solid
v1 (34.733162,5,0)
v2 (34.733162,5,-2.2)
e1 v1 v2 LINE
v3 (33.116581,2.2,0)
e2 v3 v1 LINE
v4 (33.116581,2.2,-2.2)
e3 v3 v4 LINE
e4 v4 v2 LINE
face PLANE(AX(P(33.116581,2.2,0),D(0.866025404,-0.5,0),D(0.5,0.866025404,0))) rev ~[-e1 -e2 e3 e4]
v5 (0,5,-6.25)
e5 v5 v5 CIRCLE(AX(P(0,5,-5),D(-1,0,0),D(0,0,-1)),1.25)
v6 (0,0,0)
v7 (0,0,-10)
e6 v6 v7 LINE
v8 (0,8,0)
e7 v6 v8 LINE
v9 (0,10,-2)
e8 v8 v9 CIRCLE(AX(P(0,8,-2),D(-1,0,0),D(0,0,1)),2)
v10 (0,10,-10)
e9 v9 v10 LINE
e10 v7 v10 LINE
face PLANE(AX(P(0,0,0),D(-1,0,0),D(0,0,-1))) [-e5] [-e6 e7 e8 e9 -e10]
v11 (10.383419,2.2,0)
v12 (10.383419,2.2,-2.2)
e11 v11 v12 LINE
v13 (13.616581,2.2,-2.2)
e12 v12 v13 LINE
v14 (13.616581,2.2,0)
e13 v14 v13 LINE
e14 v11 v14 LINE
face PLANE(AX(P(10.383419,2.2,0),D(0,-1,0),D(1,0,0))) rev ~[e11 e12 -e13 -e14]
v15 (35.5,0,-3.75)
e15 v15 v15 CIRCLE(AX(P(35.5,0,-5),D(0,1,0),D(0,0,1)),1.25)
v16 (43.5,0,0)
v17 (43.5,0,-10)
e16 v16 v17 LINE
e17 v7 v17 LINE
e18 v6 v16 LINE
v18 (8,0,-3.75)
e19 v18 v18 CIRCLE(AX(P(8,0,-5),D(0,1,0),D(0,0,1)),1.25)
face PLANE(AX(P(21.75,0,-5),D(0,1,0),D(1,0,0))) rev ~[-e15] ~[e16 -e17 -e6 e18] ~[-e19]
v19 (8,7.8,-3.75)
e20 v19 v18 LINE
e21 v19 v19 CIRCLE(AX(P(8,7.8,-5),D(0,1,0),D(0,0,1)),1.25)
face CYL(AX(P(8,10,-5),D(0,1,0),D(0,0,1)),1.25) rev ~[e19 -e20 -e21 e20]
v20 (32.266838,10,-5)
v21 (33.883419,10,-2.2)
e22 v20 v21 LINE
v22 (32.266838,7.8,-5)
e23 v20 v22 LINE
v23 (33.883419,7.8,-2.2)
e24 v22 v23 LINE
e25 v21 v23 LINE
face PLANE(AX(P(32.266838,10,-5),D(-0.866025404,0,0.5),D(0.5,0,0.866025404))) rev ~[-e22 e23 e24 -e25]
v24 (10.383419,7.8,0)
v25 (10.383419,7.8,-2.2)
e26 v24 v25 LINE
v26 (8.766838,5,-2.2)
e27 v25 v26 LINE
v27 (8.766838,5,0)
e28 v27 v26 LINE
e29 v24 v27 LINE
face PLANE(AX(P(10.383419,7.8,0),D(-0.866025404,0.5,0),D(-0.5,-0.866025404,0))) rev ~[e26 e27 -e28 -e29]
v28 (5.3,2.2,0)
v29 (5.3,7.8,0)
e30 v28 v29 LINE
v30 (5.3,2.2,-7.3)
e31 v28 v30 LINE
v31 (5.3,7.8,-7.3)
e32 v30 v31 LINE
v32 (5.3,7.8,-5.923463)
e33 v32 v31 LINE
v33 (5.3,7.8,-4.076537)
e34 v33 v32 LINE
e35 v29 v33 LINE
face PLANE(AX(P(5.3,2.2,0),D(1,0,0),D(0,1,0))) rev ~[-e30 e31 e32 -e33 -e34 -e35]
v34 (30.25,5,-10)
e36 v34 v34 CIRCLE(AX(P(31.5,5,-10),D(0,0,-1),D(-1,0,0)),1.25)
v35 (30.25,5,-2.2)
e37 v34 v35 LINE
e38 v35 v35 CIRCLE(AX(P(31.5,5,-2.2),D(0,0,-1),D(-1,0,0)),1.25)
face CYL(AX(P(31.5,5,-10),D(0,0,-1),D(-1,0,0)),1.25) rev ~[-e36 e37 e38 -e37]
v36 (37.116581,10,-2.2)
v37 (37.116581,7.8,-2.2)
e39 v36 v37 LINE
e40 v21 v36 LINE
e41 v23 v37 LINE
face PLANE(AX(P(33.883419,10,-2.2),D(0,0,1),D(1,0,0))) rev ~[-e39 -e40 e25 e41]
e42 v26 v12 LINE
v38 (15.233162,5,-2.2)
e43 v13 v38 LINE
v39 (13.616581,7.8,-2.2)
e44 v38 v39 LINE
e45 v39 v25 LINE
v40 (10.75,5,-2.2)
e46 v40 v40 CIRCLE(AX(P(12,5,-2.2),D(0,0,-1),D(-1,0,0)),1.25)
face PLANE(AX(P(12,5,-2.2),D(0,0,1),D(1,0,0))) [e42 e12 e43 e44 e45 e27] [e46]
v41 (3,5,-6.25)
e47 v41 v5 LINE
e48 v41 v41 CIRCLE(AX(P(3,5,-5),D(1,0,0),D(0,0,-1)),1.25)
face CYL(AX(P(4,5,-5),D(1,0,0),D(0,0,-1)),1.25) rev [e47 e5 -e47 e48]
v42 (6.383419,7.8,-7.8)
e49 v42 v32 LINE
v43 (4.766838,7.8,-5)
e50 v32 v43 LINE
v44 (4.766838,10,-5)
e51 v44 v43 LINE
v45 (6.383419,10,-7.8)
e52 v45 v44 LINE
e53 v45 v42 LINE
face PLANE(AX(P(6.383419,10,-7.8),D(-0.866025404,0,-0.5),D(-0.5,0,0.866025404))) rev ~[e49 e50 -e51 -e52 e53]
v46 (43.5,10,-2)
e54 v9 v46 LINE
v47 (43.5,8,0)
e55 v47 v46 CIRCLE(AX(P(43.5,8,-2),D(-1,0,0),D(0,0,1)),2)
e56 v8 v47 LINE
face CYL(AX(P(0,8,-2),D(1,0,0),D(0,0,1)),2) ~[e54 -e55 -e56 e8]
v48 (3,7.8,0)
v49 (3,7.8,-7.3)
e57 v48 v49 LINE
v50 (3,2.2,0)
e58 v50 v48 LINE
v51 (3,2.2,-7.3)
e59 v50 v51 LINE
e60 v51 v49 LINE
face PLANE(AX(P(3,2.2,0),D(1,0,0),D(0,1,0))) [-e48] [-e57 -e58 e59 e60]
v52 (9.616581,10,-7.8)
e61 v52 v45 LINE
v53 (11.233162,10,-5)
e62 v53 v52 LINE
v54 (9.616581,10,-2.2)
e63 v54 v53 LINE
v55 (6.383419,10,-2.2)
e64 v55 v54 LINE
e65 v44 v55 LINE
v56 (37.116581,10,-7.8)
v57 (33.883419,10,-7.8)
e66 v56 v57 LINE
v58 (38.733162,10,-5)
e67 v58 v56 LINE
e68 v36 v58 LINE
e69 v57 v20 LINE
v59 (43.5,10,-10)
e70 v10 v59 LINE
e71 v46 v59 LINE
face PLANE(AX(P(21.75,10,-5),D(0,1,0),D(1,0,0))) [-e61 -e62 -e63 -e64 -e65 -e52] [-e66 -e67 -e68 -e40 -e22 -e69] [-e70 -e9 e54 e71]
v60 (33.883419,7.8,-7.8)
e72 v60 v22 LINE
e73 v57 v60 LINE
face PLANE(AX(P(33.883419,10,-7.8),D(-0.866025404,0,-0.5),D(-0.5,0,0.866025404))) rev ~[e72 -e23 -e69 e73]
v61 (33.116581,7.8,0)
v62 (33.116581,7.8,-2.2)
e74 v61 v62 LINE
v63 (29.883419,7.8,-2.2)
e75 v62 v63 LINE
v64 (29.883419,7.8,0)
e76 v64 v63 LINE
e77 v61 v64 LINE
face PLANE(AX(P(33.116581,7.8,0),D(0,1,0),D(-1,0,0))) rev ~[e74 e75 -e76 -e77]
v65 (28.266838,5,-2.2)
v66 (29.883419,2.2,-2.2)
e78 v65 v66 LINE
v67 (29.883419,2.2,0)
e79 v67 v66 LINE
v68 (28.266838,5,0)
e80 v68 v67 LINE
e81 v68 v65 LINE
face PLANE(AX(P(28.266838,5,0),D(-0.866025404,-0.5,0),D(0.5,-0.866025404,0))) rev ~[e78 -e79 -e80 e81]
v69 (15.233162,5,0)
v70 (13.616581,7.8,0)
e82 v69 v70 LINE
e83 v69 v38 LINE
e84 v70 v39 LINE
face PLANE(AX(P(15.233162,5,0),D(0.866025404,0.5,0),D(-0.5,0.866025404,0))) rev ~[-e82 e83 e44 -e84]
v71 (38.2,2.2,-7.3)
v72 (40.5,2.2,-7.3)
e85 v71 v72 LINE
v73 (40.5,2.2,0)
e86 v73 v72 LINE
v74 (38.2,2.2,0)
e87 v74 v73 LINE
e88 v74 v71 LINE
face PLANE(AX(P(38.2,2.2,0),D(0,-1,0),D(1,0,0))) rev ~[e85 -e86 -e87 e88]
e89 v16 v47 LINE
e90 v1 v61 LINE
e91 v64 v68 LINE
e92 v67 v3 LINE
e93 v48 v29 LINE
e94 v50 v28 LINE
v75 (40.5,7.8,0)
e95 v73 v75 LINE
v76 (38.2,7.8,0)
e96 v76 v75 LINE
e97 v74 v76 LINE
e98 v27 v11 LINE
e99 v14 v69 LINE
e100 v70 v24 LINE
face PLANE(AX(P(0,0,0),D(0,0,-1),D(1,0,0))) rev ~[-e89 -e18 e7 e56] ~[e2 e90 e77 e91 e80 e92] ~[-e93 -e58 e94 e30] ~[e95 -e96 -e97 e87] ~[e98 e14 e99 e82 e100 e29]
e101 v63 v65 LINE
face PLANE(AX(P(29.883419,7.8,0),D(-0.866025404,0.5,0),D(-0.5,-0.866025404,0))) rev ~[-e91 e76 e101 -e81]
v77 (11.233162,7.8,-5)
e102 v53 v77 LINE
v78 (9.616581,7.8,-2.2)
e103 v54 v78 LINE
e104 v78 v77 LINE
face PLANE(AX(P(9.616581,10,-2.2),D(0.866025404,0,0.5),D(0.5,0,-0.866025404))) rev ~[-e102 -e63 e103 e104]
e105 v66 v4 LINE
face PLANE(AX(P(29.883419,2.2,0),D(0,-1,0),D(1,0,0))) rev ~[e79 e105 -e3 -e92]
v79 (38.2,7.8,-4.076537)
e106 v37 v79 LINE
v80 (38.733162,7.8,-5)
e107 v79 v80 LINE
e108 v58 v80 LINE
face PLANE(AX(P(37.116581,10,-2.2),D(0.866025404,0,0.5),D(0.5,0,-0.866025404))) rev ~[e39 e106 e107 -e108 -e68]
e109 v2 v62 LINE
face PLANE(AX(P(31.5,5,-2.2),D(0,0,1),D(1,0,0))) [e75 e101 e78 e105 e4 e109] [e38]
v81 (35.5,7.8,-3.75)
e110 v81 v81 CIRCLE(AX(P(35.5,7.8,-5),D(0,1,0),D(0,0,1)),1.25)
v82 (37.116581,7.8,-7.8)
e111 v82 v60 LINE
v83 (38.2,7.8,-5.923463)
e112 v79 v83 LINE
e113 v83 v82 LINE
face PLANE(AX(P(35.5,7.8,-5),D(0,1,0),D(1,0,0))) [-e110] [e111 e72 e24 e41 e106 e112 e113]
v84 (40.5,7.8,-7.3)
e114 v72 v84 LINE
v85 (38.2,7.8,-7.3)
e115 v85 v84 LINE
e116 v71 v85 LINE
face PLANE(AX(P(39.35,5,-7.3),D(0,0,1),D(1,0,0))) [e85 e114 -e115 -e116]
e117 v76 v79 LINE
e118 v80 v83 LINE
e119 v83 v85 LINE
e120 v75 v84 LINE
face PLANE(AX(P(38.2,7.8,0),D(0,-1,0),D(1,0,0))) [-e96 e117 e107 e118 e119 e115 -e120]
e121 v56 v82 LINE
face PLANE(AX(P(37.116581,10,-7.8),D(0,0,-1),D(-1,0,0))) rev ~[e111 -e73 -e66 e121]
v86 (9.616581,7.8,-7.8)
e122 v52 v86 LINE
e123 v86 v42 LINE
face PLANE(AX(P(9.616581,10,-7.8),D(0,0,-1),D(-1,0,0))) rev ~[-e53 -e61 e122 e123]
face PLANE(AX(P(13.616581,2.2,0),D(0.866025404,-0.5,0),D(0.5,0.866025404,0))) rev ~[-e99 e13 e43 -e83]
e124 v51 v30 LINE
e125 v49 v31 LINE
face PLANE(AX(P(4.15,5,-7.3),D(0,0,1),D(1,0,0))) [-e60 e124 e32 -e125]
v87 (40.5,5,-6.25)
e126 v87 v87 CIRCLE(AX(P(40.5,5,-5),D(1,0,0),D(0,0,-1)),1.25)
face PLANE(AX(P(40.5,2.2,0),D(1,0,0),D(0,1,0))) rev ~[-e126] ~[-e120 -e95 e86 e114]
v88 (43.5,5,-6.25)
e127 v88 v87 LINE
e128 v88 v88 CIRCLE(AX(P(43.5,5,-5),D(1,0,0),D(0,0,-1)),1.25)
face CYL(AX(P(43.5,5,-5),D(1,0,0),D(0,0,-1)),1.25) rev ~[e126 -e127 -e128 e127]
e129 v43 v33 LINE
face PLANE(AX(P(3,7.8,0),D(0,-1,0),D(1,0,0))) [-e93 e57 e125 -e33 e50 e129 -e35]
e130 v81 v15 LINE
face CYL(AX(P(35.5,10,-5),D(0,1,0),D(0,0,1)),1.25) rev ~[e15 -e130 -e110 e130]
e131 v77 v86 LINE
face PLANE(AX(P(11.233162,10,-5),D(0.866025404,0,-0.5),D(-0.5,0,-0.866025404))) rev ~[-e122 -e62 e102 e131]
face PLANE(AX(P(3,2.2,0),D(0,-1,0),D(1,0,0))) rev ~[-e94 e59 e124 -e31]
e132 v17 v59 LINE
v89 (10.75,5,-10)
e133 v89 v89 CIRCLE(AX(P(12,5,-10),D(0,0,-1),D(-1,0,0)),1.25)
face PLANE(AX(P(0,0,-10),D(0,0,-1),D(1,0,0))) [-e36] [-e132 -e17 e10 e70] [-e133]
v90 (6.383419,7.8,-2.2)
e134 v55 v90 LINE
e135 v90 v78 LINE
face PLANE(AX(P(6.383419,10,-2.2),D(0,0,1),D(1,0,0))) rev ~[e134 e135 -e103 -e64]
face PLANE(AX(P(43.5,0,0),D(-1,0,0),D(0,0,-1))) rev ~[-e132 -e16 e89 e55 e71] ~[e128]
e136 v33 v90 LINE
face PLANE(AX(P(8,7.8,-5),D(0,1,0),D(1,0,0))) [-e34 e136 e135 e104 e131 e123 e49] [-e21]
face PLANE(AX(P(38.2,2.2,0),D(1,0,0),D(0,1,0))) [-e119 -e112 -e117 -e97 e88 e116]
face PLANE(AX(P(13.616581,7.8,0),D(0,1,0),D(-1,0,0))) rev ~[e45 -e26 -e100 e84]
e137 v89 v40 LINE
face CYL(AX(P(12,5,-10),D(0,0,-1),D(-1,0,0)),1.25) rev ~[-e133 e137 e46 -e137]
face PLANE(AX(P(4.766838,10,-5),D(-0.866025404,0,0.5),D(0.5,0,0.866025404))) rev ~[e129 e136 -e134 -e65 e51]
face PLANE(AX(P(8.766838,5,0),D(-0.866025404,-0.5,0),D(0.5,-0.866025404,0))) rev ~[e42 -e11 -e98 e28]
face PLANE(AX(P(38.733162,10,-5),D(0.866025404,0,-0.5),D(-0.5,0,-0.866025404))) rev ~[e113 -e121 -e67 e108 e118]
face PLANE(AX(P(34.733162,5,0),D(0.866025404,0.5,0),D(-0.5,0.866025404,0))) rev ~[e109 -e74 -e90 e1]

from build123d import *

# Parameters (mm, degrees)
SKETCH1_W           = 43.5
SKETCH1_H           = 10
BOSS_EXTRUDE1_DEPTH = 10
SKETCH2_R           = 1.25
CUT_EXTRUDE1_DEPTH  = 10
SKETCH3_R           = 1.25
CUT_EXTRUDE2_DEPTH  = 10
SKETCH4_R           = 1.25
CUT_EXTRUDE3_DEPTH  = 4
CUT_EXTRUDE4_START  = -4
SKETCH5_R           = 1.25
CUT_EXTRUDE4_DEPTH  = 4
CUT_EXTRUDE5_DEPTH  = 2.2
CUT_EXTRUDE6_DEPTH  = 2.2
CUT_EXTRUDE7_DEPTH  = 2.2
CUT_EXTRUDE8_DEPTH  = 2.2
SKETCH11_W          = 2.3
SKETCH11_H          = 5.6
CUT_EXTRUDE9_DEPTH  = 7.3
FILLET1_R           = 2


with BuildPart() as part:
    # Sketch1 → Boss-Extrude1 (new body)
    with BuildSketch(Plane(origin=(0, 0, 0), x_dir=(1, 0, 0), z_dir=(0, 1, 0))):
        with Locations((21.75, 5)):
            Rectangle(SKETCH1_W, SKETCH1_H)
    extrude(amount=BOSS_EXTRUDE1_DEPTH)

    # Sketch2 → Cut-Extrude1 (cut)
    with BuildSketch(Plane(origin=(0, 10, 0), x_dir=(1, 0, 0), z_dir=(0, 1, 0))):
        with Locations(Location((8, 5, 0), (0, 0, 270))):
            Circle(SKETCH2_R)
        with Locations(Location((35.5, 5, 0), (0, 0, 270))):
            Circle(SKETCH2_R)
    extrude(amount=-CUT_EXTRUDE1_DEPTH, mode=Mode.SUBTRACT)

    # Sketch3 → Cut-Extrude2 (cut)
    with BuildSketch(Plane(origin=(0, 0, -10), x_dir=(-1, 0, 0), z_dir=(0, 0, -1))):
        with Locations((-31.5, 5)):
            Circle(SKETCH3_R)
        with Locations((-12, 5)):
            Circle(SKETCH3_R)
    extrude(amount=-CUT_EXTRUDE2_DEPTH, mode=Mode.SUBTRACT)

    # Sketch4 → Cut-Extrude3 (cut)
    with BuildSketch(Plane(origin=(43.5, 0, 0), x_dir=(0, 0, -1), z_dir=(1, 0, 0))):
        with Locations((5, 5)):
            Circle(SKETCH4_R)
    extrude(amount=-CUT_EXTRUDE3_DEPTH, mode=Mode.SUBTRACT)

    # Sketch5 → Cut-Extrude4 (cut)
    with BuildSketch(Plane.ZY.offset(CUT_EXTRUDE4_START)):
        with Locations(Location((-5, 5, 0), (0, 0, 180))):
            Circle(SKETCH5_R)
    extrude(amount=CUT_EXTRUDE4_DEPTH, mode=Mode.SUBTRACT)

    # Sketch6 → Cut-Extrude5 (cut)
    with BuildSketch(Plane(origin=(0, 10, 0), x_dir=(1, 0, 0), z_dir=(0, 1, 0))):
        Polygon((9.616580754, 2.2), (11.233161507, 5), (9.616580754, 7.8), (6.383419246, 7.8), (4.766838493, 5), (6.383419246, 2.2), align=None)
    extrude(amount=-CUT_EXTRUDE5_DEPTH, mode=Mode.SUBTRACT)

    # Sketch7 → Cut-Extrude6 (cut)
    with BuildSketch(Plane(origin=(0, 10, 0), x_dir=(1, 0, 0), z_dir=(0, 1, 0))):
        Polygon((33.883419246, 7.8), (32.266838493, 5), (33.883419246, 2.2), (37.116580754, 2.2), (38.733161507, 5), (37.116580754, 7.8), align=None)
    extrude(amount=-CUT_EXTRUDE6_DEPTH, mode=Mode.SUBTRACT)

    # Sketch8 → Cut-Extrude7 (cut)
    with BuildSketch(Plane.XY):
        Polygon((10.383419246, 2.2), (13.616580754, 2.2), (15.233161507, 5), (13.616580754, 7.8), (10.383419246, 7.8), (8.766838493, 5), align=None)
    extrude(amount=-CUT_EXTRUDE7_DEPTH, mode=Mode.SUBTRACT)

    # Sketch9 → Cut-Extrude8 (cut)
    with BuildSketch(Plane.XY):
        Polygon((33.116580754, 7.8), (29.883419246, 7.8), (28.266838493, 5), (29.883419246, 2.2), (33.116580754, 2.2), (34.733161507, 5), align=None)
    extrude(amount=-CUT_EXTRUDE8_DEPTH, mode=Mode.SUBTRACT)

    # Sketch11 → Cut-Extrude9 (cut)
    with BuildSketch(Plane.XY):
        with Locations((4.15, 5)):
            Rectangle(SKETCH11_W, SKETCH11_H)
        with Locations((39.35, 5)):
            Rectangle(SKETCH11_W, SKETCH11_H)
    extrude(amount=-CUT_EXTRUDE9_DEPTH, mode=Mode.SUBTRACT)

    # Fillet1
    fillet1_edges = [part.edges().sort_by_distance(p)[0] for p in [
        (21.75, 10, 0),
    ]]
    fillet(fillet1_edges, radius=FILLET1_R)


solid = part.part
